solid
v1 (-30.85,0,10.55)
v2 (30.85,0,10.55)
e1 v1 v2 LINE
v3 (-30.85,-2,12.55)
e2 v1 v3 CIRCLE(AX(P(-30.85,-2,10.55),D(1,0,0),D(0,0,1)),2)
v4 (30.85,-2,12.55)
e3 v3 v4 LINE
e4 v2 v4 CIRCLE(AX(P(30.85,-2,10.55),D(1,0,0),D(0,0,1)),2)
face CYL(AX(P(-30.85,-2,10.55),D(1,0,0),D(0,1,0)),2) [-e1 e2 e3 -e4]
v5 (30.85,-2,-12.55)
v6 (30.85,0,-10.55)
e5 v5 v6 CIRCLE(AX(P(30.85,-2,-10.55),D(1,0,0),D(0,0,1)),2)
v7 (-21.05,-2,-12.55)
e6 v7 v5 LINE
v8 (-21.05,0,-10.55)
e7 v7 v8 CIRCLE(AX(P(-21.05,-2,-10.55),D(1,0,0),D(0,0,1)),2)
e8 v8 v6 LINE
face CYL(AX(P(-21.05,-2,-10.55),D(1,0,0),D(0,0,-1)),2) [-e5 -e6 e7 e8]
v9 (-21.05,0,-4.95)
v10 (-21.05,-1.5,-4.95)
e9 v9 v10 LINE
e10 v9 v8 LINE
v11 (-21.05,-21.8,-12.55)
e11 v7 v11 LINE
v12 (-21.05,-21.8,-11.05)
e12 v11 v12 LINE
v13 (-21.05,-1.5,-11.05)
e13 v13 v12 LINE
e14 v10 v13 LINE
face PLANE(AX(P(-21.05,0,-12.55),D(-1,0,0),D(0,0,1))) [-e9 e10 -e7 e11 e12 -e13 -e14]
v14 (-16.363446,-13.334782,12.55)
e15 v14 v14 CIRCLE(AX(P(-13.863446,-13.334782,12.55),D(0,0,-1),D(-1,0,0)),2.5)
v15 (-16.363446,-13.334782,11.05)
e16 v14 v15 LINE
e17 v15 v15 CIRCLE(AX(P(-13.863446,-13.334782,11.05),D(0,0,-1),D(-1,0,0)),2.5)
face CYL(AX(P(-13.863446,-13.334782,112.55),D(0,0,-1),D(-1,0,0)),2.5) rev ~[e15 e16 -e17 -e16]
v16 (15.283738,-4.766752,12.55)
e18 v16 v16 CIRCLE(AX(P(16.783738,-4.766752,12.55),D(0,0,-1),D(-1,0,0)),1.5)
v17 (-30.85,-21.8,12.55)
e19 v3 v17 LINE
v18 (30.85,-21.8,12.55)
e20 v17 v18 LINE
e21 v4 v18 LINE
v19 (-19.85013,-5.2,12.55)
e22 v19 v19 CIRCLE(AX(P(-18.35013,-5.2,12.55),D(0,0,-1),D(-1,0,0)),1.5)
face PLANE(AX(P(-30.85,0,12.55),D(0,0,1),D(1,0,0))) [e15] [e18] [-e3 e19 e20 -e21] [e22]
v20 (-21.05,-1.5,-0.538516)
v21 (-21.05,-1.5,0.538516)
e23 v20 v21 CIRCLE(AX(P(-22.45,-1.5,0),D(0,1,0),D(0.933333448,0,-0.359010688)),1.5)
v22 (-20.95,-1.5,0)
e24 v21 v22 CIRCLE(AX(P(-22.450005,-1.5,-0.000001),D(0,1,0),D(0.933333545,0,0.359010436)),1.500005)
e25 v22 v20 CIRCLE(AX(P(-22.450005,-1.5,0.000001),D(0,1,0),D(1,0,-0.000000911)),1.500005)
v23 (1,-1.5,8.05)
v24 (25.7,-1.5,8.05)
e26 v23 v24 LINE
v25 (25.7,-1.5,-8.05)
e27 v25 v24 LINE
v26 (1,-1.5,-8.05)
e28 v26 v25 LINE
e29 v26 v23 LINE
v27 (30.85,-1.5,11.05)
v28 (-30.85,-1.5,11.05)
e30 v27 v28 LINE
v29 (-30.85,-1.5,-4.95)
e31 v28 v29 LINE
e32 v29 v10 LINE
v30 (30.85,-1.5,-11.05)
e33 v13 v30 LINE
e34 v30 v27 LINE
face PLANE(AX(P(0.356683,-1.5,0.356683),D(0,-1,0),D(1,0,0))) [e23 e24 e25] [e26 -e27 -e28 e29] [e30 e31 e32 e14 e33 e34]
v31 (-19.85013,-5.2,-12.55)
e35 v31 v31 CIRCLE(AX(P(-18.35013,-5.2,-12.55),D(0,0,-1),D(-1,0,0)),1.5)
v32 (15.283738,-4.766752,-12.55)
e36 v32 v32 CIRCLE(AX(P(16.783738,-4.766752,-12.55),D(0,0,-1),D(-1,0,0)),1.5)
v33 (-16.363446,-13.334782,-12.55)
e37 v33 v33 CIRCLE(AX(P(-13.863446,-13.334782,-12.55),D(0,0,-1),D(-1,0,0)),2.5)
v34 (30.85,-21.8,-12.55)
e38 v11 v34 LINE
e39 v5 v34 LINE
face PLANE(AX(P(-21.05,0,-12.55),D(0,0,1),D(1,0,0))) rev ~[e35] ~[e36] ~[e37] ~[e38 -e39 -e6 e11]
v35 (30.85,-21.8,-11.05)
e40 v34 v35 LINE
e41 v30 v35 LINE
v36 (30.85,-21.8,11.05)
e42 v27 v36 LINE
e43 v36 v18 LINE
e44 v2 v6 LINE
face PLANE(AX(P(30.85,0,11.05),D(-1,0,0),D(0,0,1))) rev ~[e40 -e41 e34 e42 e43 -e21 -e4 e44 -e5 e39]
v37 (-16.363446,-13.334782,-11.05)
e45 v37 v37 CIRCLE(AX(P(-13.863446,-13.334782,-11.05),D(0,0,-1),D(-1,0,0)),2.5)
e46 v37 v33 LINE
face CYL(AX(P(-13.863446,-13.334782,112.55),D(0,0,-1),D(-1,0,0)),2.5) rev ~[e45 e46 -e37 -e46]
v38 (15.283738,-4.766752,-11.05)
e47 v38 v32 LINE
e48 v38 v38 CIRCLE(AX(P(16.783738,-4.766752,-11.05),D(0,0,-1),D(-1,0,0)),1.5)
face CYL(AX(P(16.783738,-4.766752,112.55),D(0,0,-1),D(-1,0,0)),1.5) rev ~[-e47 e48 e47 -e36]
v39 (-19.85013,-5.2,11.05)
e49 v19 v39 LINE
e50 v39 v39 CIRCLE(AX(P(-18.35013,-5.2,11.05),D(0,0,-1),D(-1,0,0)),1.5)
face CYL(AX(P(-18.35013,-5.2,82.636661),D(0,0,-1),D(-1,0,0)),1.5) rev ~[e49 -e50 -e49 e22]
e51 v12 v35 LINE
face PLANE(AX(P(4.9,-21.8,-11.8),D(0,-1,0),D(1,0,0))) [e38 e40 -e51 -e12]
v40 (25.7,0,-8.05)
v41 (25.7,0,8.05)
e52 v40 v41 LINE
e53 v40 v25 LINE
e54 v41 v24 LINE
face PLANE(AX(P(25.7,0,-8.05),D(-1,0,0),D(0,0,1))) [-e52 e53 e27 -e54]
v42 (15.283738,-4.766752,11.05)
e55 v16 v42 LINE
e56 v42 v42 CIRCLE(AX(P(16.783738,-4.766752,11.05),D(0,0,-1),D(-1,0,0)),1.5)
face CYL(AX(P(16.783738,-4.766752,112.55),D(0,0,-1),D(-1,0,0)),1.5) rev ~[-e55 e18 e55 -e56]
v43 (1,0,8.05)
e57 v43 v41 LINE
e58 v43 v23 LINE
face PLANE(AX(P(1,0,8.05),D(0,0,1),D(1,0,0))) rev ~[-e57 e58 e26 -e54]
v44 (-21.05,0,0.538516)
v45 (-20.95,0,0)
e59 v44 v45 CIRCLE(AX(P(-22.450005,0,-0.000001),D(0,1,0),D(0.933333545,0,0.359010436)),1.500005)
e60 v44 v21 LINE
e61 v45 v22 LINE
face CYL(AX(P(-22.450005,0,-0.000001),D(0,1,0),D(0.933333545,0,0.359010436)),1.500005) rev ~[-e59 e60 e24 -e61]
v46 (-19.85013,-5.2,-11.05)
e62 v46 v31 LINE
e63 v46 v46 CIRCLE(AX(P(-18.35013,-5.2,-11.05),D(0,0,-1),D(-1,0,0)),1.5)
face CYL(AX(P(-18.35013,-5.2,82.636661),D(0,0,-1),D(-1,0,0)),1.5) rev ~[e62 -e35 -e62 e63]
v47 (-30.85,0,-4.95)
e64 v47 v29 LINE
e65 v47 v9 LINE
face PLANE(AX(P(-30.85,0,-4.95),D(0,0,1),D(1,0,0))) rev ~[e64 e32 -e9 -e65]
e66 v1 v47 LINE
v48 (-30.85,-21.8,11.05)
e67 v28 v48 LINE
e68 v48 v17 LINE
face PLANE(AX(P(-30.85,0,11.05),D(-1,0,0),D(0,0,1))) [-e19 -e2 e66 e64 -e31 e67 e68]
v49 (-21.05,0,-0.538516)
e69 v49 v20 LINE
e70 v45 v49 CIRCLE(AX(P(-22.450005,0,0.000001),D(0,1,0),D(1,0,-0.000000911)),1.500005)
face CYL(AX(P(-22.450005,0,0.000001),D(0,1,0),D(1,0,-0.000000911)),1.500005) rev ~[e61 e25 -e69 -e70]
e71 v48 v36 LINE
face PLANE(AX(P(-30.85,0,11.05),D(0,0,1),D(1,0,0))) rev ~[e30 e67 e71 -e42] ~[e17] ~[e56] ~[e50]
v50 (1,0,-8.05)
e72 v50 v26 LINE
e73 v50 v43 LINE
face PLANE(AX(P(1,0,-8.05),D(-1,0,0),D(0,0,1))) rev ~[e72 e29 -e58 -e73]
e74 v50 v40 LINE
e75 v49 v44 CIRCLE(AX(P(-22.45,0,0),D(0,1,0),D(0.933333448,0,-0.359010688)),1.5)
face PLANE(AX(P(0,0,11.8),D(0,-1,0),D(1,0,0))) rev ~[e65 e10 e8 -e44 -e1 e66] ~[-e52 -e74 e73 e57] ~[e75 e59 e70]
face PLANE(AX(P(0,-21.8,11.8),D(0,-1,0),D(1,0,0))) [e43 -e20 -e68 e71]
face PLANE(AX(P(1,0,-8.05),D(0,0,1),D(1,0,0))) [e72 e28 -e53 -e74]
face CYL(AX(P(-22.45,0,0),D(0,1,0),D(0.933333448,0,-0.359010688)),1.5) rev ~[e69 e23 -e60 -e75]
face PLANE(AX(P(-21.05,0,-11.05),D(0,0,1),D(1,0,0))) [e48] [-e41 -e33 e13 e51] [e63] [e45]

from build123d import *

# Parameters (mm, degrees)
F0_W     = 24.7
F0_H     = 16.1
F1_DEPTH = 1.5
F0_W_2   = 51.9
F0_H_2   = 1.5
F2_DEPTH = 21.8
F0_W_3   = 61.7
F3_DEPTH = 21.8
F4_R     = 2
F6_D     = 5
F6_DEPTH = 100
F7_D     = 3
F7_DEPTH = 100
F8_D     = 3


with BuildPart() as f1:
    # F0 (on Front) → F1 (new body)
    with BuildSketch(Plane.XZ):
        Polygon((30.85, 11.05), (-30.85, 11.05), (-30.85, -4.95), (-21.05, -4.95), (-21.05, -11.05), (30.85, -11.05), align=None)
        with BuildLine():
            ThreePointArc((-20.95, 0), (-20.975212, -0.273861), (-21.05, -0.538516))
            ThreePointArc((-21.05, -0.538516), (-23.95, 0), (-21.05, 0.538516))
            ThreePointArc((-21.05, 0.538516), (-20.975212, 0.273861), (-20.95, 0))
        make_face(mode=Mode.SUBTRACT)
        with Locations((13.35, 0)):
            Rectangle(F0_W, F0_H, mode=Mode.SUBTRACT)
    extrude(amount=F1_DEPTH)

    # F0 (on Front) → F2 (join)
    with BuildSketch(Plane.XZ):
        with Locations((4.9, -11.8)):
            Rectangle(F0_W_2, F0_H_2)
    extrude(amount=F2_DEPTH)

    # F0 (on Front) → F3 (join)
    with BuildSketch(Plane.XZ):
        with Locations((0, 11.8)):
            Rectangle(F0_W_3, F0_H_2)
    extrude(amount=F3_DEPTH)

    # F4
    f4_edges = [f1.edges().sort_by_distance(p)[0] for p in [
        (0, 0, 12.55),
        (4.9, 0, -12.55),
    ]]
    fillet(f4_edges, radius=F4_R)

    # F6
    with Locations(Plane.XY.offset(12.55)):
        with Locations((-13.863446, -13.334782)):
            Hole(F6_D / 2, depth=F6_DEPTH)

    # F7
    with Locations(Plane.XY.offset(12.55)):
        with Locations((16.783738, -4.766752)):
            Hole(F7_D / 2, depth=F7_DEPTH)

    # F8 (through all)
    with Locations(Plane.XY.offset(12.55)):
        with Locations((-18.35013, -5.2)):
            Hole(F8_D / 2)


solid = f1.part
